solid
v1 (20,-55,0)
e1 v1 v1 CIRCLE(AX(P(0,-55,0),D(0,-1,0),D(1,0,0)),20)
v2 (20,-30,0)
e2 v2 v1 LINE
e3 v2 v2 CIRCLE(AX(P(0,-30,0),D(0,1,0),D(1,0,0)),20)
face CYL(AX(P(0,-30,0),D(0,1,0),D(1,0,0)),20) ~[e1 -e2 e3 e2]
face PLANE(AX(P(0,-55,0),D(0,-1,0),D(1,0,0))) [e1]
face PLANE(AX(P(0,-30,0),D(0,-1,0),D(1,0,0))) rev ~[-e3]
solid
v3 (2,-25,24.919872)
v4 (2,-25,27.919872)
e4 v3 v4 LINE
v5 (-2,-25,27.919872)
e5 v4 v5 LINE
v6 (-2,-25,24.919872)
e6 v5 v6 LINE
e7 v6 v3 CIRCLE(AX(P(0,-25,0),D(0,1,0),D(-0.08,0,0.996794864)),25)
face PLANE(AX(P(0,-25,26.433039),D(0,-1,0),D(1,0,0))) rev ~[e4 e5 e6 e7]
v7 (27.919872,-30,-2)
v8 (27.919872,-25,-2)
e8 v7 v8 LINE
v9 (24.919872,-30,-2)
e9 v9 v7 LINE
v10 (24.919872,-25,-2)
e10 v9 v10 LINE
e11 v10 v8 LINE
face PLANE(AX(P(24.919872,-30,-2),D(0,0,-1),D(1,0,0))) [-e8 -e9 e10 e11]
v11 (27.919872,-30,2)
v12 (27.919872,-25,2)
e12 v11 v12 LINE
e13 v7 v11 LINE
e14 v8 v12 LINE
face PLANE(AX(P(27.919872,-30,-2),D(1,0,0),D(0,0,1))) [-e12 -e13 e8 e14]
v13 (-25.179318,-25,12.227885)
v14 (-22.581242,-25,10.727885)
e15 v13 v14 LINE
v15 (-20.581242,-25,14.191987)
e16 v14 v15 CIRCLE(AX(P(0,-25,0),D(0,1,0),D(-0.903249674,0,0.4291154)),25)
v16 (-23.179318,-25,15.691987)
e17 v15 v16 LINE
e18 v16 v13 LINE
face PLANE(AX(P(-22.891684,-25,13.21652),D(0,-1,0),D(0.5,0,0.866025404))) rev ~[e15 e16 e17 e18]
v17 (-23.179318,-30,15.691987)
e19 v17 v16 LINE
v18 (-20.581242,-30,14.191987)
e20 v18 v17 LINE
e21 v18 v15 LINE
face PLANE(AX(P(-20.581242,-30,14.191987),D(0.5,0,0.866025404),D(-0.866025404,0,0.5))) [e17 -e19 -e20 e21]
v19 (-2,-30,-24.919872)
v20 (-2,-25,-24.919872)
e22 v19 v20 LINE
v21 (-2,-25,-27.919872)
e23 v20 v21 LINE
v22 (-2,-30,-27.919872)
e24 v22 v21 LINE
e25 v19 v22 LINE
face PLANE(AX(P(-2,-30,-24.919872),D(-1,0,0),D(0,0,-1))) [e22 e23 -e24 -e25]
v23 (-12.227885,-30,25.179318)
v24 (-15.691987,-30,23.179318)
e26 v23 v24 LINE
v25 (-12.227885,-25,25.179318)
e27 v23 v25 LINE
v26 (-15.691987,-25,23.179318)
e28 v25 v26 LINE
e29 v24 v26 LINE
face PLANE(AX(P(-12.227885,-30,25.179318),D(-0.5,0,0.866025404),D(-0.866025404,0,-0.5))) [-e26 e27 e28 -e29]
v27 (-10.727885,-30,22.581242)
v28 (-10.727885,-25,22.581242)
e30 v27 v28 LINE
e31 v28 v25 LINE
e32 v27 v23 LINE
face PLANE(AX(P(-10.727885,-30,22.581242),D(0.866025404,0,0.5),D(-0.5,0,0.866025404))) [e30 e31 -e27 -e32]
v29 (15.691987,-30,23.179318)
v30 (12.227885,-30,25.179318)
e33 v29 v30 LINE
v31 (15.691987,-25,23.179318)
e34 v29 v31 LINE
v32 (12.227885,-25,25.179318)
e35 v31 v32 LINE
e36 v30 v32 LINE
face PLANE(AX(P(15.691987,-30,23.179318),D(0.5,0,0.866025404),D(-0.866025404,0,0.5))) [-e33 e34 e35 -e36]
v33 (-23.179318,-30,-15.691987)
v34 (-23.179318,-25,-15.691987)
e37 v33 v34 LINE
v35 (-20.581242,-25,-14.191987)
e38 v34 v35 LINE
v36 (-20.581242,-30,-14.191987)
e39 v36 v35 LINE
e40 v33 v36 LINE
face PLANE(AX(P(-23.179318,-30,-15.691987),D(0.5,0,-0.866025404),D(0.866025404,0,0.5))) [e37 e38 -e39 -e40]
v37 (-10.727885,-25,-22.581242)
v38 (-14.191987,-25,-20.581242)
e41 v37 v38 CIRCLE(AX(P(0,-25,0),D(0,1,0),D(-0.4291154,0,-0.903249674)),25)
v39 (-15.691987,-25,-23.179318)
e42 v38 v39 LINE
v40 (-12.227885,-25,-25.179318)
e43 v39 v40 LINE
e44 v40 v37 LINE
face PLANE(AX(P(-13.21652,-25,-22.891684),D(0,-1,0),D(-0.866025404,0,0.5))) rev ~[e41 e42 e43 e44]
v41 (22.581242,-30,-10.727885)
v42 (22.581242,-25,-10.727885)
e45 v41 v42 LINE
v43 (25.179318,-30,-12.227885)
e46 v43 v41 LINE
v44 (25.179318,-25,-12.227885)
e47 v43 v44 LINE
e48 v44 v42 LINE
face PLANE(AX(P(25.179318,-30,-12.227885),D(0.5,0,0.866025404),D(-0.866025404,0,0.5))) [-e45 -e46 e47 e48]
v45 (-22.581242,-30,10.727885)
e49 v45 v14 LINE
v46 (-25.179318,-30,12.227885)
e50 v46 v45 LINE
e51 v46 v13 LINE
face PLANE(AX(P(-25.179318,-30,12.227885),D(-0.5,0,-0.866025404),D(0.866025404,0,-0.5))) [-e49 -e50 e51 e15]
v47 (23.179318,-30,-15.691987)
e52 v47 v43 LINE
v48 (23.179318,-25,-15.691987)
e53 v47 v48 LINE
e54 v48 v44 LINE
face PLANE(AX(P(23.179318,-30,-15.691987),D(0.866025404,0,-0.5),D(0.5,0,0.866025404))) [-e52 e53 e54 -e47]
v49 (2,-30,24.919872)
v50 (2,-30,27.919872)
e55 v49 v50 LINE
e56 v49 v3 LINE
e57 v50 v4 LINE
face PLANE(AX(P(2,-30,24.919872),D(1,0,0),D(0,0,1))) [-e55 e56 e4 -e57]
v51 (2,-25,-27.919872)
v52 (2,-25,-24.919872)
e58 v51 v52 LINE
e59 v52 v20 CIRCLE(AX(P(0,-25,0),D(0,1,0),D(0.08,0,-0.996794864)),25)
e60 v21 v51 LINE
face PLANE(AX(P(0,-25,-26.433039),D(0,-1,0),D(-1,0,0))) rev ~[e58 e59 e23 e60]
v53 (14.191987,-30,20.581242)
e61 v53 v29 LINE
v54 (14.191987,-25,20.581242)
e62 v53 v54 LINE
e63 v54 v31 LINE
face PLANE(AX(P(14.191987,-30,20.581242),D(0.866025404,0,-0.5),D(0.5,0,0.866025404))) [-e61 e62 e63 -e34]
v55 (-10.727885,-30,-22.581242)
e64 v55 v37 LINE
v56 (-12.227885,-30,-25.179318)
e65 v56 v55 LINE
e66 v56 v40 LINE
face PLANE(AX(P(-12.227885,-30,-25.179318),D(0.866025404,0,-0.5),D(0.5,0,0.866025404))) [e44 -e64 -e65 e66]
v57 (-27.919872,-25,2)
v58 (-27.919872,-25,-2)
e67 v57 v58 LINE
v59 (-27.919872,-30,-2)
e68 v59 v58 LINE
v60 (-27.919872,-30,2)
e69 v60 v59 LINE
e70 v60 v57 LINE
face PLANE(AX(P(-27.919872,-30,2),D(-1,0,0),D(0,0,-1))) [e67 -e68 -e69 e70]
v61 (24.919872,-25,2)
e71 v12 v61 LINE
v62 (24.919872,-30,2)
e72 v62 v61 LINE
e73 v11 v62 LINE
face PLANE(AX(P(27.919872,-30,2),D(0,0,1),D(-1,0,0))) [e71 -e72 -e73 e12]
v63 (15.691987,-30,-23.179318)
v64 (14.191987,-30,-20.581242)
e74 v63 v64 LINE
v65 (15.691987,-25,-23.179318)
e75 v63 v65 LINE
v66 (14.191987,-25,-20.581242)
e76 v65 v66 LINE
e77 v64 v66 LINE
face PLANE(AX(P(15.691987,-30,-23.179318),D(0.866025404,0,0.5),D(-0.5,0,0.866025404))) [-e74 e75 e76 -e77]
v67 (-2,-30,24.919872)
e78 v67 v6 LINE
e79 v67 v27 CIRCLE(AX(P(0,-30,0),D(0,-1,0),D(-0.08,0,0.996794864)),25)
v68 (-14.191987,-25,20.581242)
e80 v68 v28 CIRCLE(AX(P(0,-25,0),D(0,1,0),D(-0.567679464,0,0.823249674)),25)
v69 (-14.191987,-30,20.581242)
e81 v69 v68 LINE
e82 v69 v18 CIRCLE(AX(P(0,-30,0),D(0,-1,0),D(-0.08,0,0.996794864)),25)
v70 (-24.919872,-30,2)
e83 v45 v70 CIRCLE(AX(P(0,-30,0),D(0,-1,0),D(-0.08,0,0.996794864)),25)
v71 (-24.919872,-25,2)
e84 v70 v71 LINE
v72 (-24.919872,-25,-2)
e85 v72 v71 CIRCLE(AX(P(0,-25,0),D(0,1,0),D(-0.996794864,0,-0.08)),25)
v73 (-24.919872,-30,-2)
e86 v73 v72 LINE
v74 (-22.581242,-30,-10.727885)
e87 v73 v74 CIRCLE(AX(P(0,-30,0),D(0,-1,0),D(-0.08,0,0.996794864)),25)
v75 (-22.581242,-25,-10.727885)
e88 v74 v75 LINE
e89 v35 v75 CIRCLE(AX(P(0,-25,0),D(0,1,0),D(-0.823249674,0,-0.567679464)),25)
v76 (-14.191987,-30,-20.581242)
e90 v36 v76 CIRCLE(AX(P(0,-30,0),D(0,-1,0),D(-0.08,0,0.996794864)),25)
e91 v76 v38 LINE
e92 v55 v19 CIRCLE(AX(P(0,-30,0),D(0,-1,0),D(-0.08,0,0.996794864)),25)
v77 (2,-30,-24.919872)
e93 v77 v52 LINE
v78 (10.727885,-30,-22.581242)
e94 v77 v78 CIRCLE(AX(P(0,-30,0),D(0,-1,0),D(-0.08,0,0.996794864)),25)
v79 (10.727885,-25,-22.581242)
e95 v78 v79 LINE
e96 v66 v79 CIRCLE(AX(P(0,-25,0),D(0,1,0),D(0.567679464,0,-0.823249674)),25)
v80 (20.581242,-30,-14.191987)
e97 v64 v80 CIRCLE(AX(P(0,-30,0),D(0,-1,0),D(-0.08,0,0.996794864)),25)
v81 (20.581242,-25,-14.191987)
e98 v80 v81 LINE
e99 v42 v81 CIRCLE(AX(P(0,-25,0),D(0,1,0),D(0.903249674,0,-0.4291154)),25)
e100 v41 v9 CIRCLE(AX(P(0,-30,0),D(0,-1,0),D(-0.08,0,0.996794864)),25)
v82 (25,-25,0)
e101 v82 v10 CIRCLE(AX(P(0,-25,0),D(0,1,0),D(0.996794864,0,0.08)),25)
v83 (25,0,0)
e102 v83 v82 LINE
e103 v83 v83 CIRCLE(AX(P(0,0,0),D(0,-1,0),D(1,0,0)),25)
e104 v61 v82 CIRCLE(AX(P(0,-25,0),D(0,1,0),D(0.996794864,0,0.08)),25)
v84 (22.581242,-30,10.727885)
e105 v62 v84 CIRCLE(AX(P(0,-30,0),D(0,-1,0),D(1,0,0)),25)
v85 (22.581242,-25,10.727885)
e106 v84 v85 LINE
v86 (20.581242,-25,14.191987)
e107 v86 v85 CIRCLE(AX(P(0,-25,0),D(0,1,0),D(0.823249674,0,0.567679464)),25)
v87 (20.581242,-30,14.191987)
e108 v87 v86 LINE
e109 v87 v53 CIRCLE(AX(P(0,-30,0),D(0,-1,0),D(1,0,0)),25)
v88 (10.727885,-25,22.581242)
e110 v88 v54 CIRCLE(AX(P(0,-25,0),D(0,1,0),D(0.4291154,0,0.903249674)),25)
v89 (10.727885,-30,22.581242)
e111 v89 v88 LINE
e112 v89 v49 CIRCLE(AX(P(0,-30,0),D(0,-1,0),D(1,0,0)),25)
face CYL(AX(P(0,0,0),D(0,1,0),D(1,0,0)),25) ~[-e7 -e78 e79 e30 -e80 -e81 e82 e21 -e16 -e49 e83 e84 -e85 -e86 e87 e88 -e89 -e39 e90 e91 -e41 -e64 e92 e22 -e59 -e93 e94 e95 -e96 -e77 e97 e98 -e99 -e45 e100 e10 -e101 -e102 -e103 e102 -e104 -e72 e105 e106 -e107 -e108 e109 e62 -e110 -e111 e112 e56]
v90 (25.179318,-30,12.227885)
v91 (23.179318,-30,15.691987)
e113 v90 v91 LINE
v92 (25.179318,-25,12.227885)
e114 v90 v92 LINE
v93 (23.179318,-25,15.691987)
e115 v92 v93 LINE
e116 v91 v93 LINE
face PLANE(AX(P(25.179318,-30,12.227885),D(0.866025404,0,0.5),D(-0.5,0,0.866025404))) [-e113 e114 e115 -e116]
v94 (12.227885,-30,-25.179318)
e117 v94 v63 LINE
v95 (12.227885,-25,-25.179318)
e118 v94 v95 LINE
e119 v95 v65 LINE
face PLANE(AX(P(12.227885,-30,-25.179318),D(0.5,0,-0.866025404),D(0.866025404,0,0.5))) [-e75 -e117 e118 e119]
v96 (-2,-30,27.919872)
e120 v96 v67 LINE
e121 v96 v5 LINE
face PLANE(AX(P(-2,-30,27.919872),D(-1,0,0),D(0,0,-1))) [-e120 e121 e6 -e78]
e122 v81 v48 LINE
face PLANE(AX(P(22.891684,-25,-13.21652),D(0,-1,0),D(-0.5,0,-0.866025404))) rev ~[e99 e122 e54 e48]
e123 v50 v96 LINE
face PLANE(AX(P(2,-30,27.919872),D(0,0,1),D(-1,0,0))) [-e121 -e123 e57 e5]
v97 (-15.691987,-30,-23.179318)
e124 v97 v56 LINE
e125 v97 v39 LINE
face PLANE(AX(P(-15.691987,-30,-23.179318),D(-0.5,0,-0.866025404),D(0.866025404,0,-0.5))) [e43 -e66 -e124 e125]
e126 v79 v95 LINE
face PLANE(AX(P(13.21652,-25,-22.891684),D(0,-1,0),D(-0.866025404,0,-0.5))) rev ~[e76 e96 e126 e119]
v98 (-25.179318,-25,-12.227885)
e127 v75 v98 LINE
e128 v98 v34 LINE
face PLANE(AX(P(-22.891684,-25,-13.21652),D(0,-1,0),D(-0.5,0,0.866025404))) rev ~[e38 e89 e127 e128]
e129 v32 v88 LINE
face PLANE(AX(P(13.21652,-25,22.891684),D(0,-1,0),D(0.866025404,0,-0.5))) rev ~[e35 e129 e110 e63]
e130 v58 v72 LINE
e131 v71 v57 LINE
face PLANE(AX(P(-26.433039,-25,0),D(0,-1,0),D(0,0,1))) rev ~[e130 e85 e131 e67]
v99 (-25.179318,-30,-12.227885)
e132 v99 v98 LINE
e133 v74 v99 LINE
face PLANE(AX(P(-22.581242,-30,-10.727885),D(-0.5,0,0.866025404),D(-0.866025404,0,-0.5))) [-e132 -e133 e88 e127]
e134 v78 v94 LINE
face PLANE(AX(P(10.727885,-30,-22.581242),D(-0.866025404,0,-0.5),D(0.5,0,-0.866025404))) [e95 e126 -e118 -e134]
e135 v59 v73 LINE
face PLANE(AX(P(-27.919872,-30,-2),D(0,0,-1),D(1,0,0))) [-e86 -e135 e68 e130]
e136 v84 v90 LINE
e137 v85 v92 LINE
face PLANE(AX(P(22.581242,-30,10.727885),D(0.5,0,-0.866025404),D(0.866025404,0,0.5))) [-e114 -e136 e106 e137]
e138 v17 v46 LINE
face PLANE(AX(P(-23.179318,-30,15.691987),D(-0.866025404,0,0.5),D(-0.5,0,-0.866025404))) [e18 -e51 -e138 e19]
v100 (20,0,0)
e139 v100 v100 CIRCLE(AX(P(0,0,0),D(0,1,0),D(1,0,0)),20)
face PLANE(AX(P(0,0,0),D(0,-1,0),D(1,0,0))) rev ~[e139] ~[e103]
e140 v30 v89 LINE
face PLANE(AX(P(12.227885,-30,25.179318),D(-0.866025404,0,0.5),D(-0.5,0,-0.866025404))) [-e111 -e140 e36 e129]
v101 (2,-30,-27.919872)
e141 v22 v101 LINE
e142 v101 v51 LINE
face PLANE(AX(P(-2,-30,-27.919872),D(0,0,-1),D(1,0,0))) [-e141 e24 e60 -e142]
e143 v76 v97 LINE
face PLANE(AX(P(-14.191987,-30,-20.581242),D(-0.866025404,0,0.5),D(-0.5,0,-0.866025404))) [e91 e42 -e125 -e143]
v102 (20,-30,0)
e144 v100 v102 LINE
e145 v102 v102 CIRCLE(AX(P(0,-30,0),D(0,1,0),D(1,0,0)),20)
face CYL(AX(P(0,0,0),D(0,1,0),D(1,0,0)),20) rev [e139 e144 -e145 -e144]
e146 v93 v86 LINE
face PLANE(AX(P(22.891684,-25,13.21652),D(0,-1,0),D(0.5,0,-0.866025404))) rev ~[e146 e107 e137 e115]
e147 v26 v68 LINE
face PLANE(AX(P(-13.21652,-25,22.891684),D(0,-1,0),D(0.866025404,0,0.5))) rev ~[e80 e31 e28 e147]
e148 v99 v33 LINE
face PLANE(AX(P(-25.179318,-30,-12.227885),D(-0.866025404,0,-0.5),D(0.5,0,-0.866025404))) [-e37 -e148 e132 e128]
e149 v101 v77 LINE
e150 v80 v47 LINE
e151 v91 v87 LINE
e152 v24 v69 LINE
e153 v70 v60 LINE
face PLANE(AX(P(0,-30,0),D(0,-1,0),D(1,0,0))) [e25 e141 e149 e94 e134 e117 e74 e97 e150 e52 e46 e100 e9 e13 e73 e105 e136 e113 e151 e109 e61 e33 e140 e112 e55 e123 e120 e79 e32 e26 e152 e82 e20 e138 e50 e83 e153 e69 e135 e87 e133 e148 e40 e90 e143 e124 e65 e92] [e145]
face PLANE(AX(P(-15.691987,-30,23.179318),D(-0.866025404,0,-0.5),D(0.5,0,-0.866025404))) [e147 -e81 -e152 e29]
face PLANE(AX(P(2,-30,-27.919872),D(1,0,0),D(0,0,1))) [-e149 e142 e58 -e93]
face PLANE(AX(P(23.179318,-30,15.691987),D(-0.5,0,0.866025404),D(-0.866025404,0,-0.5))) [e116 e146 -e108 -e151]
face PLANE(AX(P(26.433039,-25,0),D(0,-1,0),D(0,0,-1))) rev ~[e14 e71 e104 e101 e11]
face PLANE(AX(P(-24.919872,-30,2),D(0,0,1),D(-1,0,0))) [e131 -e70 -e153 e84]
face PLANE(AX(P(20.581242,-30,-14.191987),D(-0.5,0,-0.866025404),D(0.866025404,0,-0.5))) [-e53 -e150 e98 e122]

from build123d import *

# Parameters (mm, degrees)
F0_R     = 25
F0_R_2   = 20
F1_DEPTH = 30
F3_DEPTH = 5
F4_COUNT = 12
F5_R     = 20
F6_DEPTH = 25


with BuildPart() as f1:
    # F0 (on Front) → F1 (new body)
    with BuildSketch(Plane.XZ):
        Circle(F0_R)
        Circle(F0_R_2, mode=Mode.SUBTRACT)
    extrude(amount=F1_DEPTH)

    # F2 (on face) → F3 (join)
    with BuildSketch(Plane.XZ.offset(30)):
        with BuildLine():
            ThreePointArc((-2, 24.9198715888), (0, 25), (2, 24.9198715888))
            Line((2, 24.9198715888), (2, 27.9198715888))
            Line((2, 27.9198715888), (-2, 27.9198715888))
            Line((-2, 27.9198715888), (-2, 24.9198715888))
        make_face()
    extrude(amount=-F3_DEPTH)

    # F4: F1 ×12 about axis
    f4_axis = Axis((0, 0, 0), (0, 1, 0))


with BuildPart() as f1_1:
    add(f1.part)
    for i in range(1, F4_COUNT):
        add(f1.part.rotate(f4_axis, i * 360 / F4_COUNT))

    # F5 (on face) → F6 (join)
    with BuildSketch(Plane.XZ.offset(30)):
        Circle(F5_R)
    extrude(amount=F6_DEPTH)


solid = f1_1.part
